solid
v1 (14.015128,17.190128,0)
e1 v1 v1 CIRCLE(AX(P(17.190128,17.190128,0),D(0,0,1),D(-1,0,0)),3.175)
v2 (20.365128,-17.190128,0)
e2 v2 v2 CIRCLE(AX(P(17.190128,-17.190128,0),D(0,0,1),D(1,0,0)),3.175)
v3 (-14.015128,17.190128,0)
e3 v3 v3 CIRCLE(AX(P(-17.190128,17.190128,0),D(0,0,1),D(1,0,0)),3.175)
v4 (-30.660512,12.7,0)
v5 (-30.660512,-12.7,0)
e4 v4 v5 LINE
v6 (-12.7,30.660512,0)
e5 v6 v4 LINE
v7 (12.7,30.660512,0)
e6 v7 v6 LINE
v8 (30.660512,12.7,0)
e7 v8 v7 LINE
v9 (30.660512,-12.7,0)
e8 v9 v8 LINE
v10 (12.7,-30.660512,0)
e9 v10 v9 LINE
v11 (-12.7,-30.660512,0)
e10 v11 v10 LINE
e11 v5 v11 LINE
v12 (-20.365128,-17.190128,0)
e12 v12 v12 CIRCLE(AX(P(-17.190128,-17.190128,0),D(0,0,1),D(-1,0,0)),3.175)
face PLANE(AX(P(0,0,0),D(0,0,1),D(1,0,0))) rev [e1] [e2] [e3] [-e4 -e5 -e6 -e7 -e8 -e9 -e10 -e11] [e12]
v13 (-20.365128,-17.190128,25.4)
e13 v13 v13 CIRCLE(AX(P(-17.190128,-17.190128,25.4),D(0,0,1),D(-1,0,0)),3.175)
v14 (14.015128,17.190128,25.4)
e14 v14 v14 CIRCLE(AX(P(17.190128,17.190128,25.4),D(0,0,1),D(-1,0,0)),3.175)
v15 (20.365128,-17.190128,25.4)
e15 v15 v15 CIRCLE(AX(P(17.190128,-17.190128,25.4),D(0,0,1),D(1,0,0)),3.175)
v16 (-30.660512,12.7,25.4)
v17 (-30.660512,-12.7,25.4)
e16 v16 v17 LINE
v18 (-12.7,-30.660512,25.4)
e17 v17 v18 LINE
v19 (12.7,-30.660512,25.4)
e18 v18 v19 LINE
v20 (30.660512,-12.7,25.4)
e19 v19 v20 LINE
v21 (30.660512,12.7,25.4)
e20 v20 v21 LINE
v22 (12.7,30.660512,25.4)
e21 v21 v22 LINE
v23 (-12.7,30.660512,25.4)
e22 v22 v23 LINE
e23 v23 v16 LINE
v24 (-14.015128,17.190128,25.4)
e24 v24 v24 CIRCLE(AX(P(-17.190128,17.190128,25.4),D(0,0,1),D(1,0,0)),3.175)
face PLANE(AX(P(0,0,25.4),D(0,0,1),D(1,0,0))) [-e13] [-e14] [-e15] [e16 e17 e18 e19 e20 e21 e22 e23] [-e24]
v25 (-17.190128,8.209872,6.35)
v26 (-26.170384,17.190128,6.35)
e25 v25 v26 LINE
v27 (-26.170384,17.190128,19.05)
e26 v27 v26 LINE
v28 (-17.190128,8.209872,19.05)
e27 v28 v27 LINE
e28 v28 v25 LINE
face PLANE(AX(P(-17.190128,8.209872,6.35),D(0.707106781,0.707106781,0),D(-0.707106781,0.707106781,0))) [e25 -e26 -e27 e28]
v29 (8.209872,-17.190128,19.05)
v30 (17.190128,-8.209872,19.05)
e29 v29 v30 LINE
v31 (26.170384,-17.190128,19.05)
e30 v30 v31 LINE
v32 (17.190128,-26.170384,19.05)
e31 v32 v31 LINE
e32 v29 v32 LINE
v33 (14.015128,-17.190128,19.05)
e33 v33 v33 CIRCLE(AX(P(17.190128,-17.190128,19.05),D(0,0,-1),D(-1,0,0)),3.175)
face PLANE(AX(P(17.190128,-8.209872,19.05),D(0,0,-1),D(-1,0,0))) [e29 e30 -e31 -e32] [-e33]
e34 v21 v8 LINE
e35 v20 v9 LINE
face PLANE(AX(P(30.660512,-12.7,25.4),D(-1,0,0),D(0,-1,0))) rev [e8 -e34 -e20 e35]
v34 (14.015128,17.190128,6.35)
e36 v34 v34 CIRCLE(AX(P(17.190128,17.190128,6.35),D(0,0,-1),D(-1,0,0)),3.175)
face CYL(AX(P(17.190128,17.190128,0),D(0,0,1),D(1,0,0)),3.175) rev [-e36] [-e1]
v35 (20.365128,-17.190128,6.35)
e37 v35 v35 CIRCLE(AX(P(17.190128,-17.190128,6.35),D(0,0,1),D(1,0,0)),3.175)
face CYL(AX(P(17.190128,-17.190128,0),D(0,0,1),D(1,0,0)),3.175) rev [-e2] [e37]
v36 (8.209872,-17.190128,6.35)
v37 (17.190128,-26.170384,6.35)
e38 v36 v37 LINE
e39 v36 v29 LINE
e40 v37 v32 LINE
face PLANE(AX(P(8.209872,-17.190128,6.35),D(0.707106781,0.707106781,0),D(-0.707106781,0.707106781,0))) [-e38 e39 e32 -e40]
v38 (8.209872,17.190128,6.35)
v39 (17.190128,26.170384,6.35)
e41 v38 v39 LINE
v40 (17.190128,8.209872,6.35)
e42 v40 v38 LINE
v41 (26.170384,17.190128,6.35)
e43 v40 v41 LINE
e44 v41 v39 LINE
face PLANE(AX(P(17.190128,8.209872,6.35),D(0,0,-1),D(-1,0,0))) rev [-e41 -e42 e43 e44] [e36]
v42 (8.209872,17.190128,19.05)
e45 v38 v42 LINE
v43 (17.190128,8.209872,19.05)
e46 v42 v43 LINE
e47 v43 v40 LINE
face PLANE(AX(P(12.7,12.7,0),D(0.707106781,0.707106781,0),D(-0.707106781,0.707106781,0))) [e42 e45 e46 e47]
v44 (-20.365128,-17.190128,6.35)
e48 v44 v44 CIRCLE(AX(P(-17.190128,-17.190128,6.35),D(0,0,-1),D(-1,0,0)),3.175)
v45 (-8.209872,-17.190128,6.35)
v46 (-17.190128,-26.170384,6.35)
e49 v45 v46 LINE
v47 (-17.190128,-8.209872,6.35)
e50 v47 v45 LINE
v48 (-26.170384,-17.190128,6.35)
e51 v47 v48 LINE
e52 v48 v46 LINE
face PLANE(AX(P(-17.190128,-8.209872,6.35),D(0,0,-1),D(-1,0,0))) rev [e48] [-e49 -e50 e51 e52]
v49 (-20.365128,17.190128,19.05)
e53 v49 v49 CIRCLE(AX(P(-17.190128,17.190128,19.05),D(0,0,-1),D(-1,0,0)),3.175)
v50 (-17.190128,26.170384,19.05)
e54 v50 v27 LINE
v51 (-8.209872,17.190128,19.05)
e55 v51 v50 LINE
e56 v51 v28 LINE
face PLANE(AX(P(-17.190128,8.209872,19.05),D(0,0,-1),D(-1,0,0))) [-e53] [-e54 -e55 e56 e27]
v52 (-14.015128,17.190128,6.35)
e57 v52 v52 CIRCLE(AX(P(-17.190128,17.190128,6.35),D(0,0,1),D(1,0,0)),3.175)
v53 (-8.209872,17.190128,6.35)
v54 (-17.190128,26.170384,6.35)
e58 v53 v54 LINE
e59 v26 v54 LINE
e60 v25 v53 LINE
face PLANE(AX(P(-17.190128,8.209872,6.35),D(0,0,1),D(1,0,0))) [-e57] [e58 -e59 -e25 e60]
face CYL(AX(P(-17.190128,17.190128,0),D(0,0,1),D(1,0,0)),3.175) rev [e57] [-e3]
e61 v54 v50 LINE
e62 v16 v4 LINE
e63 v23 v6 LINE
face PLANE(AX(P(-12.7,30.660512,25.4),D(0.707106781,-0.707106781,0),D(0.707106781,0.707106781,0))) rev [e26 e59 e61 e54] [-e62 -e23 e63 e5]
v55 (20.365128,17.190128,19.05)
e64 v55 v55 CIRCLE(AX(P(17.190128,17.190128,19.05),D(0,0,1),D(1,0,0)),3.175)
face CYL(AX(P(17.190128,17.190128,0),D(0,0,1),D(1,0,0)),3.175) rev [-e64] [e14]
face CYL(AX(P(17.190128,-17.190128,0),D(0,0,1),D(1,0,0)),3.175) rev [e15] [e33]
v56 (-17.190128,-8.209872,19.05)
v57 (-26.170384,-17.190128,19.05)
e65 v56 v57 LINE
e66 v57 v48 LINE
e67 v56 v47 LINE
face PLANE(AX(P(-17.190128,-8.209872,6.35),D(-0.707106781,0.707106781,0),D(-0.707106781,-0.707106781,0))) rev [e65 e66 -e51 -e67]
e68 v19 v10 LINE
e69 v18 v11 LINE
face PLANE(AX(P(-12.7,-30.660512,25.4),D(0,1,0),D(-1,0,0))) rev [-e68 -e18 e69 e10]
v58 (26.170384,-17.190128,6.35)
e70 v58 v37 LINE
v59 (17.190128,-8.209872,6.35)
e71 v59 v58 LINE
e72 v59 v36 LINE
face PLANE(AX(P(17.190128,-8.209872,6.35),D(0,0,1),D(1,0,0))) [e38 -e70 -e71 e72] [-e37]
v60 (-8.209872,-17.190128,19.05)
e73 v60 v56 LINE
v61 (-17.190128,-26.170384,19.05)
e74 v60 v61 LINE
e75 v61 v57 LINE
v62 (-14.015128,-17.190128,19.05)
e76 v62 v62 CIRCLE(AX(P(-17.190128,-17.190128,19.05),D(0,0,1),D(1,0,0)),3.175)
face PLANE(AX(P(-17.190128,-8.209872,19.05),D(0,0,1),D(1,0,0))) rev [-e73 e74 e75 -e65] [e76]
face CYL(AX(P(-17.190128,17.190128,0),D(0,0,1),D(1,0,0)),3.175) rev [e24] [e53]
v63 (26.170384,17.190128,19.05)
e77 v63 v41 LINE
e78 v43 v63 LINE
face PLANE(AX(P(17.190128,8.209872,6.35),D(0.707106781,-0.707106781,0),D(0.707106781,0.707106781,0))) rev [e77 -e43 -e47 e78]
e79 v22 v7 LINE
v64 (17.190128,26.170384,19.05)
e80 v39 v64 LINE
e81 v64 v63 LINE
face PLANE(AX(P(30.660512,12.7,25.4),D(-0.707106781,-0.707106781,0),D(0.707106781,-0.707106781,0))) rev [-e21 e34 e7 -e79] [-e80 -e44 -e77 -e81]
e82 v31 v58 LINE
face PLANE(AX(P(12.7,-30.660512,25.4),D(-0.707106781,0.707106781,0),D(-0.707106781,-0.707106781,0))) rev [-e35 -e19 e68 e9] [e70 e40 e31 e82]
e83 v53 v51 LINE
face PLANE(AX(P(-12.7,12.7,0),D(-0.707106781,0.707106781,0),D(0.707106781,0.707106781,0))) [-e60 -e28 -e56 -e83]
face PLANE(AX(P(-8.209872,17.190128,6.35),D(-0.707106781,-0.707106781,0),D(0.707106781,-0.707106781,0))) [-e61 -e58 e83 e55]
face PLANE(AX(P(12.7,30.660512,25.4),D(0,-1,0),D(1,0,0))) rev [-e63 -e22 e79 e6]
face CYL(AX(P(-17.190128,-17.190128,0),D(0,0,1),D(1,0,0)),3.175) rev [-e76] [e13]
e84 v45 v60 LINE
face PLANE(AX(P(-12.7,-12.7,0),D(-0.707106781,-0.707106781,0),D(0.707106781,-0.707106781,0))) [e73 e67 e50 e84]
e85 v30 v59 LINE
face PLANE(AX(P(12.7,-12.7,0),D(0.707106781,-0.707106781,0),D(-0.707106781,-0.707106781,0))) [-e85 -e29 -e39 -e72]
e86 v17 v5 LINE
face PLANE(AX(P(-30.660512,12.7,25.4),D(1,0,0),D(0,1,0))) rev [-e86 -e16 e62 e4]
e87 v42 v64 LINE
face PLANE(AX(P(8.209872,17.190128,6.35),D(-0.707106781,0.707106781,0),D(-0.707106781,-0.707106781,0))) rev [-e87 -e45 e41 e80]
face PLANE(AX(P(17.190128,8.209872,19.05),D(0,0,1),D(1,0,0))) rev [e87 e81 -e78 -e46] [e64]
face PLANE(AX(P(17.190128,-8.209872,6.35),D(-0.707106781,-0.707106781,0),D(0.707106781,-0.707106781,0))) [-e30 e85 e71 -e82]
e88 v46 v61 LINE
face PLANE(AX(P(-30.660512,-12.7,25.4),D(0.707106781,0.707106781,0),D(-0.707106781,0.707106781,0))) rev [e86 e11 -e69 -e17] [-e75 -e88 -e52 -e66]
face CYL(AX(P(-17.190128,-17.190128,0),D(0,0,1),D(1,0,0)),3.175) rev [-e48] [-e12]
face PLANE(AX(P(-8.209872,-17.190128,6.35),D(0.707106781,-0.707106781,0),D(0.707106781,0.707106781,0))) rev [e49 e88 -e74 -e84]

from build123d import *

# Parameters (mm, degrees)
BOSS_EXTRUDE1_DEPTH     = 25.4
SKETCH2_W               = 12.7
SKETCH2_H               = 12.7
CUT_EXTRUDE1_DEPTH      = 12.7
MIRROR2_COPY_1_SKETCH_W = 12.7
MIRROR2_COPY_1_SKETCH_H = 12.7
MIRROR2_COPY_1_DEPTH    = 12.7
SKETCH3_R               = 3.175
CUT_EXTRUDE2_DEPTH      = 51.252303648


with BuildPart() as part:
    # Sketch1 → Boss-Extrude1 (new body)
    with BuildSketch(Plane.XY):
        Polygon((-30.660512242, 12.7), (-30.660512242, -12.7), (-12.7, -30.660512242), (12.7, -30.660512242), (30.660512242, -12.7), (30.660512242, 12.7), (12.7, 30.660512242), (-12.7, 30.660512242), align=None)
    extrude(amount=BOSS_EXTRUDE1_DEPTH)

    # Sketch2 → Cut-Extrude1 (cut)
    with BuildSketch(Plane(origin=(21.680256121, 21.680256121, 0), x_dir=(0, 0, -1), z_dir=(0.7071067811865479, 0.7071067811865472, 0))):
        with Locations((-12.7, 0)):
            Rectangle(SKETCH2_W, SKETCH2_H)
    cut_extrude1 = extrude(amount=-CUT_EXTRUDE1_DEPTH, mode=Mode.SUBTRACT)

    # Mirror1: Cut-Extrude1 across plane
    add(cut_extrude1.mirror(Plane(origin=(0, 0, 0), x_dir=(0, 0, 1), z_dir=(1, 0, 0))), mode=Mode.SUBTRACT)

    # Mirror2: Cut-Extrude1 across plane
    add(cut_extrude1.mirror(Plane.ZX), mode=Mode.SUBTRACT)

    # Mirror2 copy 1 sketch → Mirror2 copy 1 (cut)
    with BuildSketch(Plane(origin=(-21.680256121, -21.680256121, 0), x_dir=(0, 0, -1), z_dir=(-0.7071067811865472, -0.7071067811865479, 0))):
        with Locations((-12.7, 0)):
            Rectangle(MIRROR2_COPY_1_SKETCH_W, MIRROR2_COPY_1_SKETCH_H)
    extrude(amount=-MIRROR2_COPY_1_DEPTH, mode=Mode.SUBTRACT)

    # Sketch3 → Cut-Extrude2 (cut, through all)
    with BuildSketch(Plane.XY.offset(25.4)):
        with Locations((-17.190128061, 17.190128061)):
            Circle(SKETCH3_R)
        with Locations(Location((-17.190128061, -17.190128061, 0), (0, 0, 180))):
            Circle(SKETCH3_R)
        with Locations((17.190128061, -17.190128061)):
            Circle(SKETCH3_R)
        with Locations(Location((17.190128061, 17.190128061, 0), (0, 0, 180))):
            Circle(SKETCH3_R)
    extrude(amount=-CUT_EXTRUDE2_DEPTH, mode=Mode.SUBTRACT)


solid = part.part
